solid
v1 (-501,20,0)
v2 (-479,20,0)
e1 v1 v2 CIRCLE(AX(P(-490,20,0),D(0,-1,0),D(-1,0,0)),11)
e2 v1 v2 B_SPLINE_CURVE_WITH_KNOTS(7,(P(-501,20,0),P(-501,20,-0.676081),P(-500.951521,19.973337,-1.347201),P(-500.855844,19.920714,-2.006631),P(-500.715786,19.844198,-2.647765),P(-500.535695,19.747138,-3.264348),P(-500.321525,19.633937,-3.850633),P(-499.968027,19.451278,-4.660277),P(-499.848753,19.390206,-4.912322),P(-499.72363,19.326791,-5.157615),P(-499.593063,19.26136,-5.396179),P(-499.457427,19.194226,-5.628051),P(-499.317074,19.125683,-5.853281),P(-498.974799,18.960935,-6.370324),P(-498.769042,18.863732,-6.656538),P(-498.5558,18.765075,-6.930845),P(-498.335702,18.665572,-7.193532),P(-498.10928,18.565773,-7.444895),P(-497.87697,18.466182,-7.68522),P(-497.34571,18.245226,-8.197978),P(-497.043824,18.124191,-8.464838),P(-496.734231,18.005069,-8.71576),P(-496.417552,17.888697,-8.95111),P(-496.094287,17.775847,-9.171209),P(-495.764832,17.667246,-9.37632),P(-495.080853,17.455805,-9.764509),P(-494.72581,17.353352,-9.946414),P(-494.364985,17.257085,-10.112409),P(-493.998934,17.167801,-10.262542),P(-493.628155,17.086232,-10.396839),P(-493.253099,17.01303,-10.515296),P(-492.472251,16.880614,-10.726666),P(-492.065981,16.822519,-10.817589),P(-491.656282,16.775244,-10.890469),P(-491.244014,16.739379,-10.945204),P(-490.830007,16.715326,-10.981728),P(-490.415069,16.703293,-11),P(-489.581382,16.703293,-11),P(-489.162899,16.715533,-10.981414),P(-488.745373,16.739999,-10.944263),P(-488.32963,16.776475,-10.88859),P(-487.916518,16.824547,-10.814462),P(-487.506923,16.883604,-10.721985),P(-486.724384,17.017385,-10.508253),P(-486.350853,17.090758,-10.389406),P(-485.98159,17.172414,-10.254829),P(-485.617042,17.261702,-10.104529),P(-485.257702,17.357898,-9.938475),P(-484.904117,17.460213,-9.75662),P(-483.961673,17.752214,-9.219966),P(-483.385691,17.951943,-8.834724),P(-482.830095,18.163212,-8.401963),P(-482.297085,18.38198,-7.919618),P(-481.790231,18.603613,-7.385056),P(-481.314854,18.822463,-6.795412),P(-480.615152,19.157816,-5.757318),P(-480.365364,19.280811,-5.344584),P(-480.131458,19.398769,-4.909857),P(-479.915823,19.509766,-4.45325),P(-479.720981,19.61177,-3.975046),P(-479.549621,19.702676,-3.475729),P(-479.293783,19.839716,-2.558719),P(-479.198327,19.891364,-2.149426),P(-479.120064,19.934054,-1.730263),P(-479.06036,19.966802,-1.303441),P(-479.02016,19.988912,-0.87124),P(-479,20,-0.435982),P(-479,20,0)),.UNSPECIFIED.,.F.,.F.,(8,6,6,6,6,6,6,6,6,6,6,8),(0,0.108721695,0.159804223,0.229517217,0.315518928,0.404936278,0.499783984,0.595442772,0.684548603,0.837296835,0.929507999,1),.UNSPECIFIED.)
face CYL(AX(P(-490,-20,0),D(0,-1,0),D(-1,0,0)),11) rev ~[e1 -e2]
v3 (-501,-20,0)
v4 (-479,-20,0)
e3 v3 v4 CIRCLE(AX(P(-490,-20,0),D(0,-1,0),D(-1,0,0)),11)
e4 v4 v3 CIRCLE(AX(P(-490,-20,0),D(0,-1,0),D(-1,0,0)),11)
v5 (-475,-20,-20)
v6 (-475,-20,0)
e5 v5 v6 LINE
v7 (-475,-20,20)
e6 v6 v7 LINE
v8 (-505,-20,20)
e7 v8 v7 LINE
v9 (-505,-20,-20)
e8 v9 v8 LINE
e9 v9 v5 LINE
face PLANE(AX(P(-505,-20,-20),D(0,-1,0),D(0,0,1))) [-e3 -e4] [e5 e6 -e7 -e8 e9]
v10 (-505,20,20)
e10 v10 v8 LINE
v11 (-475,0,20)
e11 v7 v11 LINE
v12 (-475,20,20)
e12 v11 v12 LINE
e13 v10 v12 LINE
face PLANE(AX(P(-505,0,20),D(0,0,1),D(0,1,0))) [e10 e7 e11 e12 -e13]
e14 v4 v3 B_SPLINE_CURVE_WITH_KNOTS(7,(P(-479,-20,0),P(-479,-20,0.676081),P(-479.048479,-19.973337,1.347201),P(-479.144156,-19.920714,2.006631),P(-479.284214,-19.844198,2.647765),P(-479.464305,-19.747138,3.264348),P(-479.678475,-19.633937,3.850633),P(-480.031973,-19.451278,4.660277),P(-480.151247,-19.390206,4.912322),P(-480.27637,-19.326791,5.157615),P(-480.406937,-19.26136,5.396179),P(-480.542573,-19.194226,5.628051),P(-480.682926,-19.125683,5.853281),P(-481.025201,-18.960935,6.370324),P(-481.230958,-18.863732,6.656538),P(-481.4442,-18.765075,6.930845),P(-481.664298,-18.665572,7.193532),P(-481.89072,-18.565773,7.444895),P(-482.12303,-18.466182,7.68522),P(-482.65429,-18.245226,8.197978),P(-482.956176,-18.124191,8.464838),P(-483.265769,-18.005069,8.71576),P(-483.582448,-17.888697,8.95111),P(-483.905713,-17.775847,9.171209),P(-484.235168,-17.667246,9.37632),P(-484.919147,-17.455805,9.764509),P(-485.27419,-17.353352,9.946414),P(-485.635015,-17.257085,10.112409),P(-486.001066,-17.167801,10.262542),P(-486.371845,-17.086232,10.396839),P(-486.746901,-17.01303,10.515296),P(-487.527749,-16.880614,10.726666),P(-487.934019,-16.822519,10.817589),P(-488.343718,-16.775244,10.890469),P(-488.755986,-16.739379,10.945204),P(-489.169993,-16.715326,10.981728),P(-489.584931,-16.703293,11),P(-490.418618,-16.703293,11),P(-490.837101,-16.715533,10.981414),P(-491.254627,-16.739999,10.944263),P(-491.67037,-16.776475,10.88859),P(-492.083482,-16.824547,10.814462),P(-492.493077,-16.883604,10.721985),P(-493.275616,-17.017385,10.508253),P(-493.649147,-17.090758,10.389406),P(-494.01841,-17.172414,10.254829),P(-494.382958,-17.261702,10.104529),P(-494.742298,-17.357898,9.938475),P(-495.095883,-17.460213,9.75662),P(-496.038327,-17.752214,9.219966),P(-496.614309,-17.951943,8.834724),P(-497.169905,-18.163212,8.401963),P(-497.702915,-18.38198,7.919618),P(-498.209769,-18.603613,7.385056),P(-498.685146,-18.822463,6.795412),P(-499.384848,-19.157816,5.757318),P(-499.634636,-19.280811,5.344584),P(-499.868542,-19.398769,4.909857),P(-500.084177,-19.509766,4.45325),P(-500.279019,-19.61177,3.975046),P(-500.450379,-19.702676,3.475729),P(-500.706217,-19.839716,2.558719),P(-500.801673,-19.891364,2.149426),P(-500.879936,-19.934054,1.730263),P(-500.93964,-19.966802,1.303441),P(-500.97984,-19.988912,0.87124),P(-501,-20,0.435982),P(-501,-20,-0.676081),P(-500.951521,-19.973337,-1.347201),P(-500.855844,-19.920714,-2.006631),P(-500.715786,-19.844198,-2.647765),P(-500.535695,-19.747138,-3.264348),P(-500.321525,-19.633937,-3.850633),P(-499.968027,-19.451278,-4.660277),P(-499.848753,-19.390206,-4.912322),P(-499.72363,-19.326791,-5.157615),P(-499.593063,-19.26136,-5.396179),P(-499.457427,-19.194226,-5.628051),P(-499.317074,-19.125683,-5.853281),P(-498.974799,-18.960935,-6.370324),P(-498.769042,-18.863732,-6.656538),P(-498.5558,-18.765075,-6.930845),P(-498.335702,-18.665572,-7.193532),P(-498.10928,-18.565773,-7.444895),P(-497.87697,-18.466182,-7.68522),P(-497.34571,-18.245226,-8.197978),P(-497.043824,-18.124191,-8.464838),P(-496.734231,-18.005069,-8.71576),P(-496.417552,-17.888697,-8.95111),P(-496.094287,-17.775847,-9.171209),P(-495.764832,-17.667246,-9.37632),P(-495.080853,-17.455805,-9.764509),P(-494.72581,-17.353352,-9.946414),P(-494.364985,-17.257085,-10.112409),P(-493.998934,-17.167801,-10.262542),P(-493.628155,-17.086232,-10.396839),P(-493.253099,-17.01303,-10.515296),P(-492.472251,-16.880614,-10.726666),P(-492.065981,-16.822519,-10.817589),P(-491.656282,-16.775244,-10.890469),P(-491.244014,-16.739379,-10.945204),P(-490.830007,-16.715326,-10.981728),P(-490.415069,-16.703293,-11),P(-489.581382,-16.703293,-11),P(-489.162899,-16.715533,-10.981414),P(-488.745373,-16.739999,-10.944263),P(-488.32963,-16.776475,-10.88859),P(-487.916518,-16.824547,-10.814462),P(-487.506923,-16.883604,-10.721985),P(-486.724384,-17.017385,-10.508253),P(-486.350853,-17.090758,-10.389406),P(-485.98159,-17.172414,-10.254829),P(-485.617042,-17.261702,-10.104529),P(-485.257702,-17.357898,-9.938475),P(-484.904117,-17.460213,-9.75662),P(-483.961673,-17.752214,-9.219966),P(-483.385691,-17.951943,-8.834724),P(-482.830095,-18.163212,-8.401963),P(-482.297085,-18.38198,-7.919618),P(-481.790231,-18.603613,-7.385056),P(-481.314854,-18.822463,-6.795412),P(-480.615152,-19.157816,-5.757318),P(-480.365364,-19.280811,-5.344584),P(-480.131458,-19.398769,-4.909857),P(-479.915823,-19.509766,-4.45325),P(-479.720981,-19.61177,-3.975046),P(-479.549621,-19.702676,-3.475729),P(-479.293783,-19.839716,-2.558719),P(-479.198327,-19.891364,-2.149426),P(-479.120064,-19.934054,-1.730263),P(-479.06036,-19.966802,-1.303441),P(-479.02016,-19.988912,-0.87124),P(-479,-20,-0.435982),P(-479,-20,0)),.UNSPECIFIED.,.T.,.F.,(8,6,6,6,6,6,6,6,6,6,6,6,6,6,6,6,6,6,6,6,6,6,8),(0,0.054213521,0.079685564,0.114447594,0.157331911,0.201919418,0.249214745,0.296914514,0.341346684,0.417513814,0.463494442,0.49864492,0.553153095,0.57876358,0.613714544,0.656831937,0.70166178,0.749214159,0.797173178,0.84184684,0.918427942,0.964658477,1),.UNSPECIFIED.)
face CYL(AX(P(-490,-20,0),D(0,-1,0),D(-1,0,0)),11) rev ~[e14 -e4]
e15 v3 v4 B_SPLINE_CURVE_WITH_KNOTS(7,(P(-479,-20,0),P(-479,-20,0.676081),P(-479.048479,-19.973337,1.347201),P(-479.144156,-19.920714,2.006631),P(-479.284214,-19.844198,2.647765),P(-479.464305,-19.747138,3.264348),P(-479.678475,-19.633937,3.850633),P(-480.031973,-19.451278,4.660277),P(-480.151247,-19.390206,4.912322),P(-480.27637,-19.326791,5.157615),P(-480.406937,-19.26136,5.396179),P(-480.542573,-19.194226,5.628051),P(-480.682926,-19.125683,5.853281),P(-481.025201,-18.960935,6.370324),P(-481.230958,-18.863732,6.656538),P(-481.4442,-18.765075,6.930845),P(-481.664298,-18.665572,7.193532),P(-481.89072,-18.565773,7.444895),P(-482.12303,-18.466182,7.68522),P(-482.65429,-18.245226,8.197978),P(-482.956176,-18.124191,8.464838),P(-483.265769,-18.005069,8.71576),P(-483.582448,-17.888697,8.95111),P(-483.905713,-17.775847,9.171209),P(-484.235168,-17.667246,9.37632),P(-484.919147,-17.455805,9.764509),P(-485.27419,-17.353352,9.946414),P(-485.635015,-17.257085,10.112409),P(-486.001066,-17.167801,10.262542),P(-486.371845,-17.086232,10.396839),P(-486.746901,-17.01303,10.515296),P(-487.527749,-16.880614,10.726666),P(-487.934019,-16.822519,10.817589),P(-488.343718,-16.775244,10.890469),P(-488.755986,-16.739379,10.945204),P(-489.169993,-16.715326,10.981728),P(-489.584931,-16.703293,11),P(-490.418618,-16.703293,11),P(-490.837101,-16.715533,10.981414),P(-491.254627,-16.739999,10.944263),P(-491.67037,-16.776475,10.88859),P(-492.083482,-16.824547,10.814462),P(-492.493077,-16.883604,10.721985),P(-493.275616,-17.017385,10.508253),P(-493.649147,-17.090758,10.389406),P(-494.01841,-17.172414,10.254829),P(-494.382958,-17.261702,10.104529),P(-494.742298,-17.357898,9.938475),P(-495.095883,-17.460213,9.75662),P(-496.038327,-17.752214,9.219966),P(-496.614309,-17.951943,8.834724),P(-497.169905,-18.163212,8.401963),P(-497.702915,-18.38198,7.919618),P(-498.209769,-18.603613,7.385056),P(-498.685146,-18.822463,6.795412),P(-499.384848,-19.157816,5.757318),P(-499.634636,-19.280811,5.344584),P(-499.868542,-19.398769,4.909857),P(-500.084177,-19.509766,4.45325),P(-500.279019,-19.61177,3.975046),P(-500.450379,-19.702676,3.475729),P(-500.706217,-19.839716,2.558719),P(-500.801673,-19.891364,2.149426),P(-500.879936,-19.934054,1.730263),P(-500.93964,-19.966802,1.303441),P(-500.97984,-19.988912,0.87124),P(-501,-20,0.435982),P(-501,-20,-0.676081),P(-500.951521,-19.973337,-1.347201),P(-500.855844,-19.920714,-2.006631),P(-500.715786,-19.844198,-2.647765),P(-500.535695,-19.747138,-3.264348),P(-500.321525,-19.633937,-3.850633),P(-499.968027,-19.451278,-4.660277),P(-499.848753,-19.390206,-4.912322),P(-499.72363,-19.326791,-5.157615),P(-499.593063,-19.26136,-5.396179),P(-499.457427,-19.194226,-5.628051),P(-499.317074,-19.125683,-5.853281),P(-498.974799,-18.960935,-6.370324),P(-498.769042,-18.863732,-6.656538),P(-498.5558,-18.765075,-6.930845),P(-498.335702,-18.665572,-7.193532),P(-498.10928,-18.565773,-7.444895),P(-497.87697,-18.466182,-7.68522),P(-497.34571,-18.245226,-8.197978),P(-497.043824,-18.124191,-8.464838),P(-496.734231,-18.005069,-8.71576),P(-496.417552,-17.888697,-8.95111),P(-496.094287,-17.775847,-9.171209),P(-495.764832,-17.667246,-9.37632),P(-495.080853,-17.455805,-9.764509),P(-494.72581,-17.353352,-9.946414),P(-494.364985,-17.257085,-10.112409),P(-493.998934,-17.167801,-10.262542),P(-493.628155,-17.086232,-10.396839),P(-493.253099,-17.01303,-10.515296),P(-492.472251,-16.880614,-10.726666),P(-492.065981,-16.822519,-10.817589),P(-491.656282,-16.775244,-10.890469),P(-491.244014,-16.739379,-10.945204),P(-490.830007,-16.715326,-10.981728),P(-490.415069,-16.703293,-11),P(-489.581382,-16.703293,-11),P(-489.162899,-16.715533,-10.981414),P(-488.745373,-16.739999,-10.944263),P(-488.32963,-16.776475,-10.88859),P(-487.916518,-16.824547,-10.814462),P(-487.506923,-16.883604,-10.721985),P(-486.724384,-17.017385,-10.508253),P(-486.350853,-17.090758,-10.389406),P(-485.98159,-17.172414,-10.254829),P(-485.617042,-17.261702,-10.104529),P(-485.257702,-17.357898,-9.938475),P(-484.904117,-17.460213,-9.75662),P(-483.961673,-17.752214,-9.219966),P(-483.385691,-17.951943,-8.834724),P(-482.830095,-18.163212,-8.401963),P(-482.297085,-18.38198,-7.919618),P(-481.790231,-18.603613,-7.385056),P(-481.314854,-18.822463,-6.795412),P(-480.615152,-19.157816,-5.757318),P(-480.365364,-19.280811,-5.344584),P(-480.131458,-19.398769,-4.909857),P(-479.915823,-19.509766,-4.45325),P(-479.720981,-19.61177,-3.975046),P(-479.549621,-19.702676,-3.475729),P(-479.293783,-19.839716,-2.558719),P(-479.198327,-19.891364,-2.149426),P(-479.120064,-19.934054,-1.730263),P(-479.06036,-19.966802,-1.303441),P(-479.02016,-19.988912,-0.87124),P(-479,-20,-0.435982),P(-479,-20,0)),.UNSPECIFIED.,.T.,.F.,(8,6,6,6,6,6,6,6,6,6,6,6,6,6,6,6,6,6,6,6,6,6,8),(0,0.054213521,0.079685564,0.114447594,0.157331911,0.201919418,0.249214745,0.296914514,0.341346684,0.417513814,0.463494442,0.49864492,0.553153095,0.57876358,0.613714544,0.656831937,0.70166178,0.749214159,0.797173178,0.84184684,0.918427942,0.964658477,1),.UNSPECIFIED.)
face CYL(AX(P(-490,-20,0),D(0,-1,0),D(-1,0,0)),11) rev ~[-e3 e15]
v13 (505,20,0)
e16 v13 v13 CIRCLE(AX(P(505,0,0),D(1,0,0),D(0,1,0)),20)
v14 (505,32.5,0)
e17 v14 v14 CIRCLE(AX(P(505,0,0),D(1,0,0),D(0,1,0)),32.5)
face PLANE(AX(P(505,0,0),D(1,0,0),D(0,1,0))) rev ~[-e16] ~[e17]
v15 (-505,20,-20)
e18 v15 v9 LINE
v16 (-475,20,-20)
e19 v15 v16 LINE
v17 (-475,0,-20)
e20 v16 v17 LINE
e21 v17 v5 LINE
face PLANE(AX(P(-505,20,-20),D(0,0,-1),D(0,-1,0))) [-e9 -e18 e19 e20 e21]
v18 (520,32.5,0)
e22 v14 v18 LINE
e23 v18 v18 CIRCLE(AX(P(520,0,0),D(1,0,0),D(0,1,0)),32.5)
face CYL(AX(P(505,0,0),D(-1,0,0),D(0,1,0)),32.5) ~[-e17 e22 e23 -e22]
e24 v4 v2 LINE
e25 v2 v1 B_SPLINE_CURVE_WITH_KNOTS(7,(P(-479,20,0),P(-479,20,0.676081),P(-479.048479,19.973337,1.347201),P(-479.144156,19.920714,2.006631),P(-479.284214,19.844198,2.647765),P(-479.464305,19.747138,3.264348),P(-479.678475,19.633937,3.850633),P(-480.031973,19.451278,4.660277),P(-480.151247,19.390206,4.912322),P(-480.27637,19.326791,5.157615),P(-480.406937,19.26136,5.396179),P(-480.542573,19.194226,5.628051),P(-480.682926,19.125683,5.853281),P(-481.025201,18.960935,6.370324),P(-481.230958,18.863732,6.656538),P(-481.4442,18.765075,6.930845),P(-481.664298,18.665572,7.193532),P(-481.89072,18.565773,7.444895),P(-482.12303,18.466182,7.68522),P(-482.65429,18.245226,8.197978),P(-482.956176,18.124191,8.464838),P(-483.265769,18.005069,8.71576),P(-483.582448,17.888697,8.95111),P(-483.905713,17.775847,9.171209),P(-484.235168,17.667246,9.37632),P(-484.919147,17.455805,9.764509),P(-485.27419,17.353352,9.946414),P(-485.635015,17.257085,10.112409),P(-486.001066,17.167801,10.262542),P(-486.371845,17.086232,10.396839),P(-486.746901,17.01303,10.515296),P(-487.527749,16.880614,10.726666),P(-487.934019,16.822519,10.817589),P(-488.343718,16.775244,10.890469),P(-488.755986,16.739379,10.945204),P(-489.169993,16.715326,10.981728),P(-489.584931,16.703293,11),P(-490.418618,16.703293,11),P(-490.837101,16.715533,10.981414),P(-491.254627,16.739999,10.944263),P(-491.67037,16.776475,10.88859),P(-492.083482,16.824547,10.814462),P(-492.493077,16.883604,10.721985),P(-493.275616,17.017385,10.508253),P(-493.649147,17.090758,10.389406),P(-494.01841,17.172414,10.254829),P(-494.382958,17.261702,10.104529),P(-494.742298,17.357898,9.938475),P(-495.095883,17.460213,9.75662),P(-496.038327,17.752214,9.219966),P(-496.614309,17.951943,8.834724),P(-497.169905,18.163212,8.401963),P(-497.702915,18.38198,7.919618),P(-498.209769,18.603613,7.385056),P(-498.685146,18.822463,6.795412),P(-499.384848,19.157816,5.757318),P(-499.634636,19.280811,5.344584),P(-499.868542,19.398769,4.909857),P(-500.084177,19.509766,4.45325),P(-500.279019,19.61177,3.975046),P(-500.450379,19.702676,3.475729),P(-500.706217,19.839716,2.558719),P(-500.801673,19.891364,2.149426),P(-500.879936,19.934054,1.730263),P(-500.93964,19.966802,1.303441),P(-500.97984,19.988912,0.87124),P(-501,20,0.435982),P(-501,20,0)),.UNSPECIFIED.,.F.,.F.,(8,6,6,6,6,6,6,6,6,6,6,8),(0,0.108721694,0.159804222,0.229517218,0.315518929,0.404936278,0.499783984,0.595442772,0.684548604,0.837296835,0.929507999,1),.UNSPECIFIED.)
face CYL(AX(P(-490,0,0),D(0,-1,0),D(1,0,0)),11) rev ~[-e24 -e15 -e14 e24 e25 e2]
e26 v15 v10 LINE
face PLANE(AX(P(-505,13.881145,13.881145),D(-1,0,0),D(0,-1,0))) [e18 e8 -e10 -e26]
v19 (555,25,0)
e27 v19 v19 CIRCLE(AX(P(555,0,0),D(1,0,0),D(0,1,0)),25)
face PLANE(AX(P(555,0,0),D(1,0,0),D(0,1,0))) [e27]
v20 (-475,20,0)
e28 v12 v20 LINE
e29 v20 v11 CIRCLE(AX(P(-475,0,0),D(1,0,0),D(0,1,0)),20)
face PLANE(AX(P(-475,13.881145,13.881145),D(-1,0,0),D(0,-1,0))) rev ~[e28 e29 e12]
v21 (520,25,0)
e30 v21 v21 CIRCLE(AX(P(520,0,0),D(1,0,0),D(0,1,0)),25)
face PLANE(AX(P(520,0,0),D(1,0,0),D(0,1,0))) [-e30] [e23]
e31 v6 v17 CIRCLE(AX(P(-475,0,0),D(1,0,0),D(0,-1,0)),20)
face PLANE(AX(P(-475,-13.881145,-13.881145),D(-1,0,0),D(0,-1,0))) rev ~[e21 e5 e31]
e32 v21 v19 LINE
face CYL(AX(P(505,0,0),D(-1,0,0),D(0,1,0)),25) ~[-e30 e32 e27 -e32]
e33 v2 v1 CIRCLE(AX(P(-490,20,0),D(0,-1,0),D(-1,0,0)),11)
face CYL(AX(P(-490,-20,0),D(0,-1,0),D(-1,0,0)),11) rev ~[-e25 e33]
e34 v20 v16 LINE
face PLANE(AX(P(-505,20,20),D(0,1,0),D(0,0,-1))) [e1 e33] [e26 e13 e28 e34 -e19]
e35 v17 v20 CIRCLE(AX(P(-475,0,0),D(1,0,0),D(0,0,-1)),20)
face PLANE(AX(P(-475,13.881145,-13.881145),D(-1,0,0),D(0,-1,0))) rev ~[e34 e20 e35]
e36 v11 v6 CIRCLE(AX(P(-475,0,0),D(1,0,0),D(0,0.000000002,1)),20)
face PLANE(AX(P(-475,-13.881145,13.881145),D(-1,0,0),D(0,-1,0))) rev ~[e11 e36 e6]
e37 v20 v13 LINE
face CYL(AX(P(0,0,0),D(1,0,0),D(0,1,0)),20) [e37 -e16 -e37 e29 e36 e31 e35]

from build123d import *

# Parameters (mm, degrees)
F0_R          = 20
F1_DEPTH      = 505
F2_R          = 25
F2_R_2        = 20
F1_FACE_R     = 20
F3_DEPTH      = 50
F2_R_3        = 32.5
F4_DEPTH      = 15
F5_R          = 11
F6_DEPTH      = 32.501
F6_DEPTH_BACK = 25
F8_DEPTH      = 30
F10_DEPTH     = 52.501


with BuildPart() as f1:
    # F0 (on Right) → F1 (new body, symmetric)
    with BuildSketch(Plane.YZ):
        Circle(F0_R)
    extrude(amount=F1_DEPTH, both=True)

    # F2 (on face) + F1_face (on face) → F3 (join)
    with BuildSketch(Plane.YZ.offset(505)):
        Circle(F2_R)
        Circle(F2_R_2, mode=Mode.SUBTRACT)
    with BuildSketch(Plane.YZ.offset(505)):
        Circle(F1_FACE_R)
    extrude(amount=F3_DEPTH)

    # F2 (on face) → F4 (join)
    with BuildSketch(Plane.YZ.offset(505)):
        Circle(F2_R_3)
        Circle(F2_R, mode=Mode.SUBTRACT)
    extrude(amount=F4_DEPTH)

    # F5 (on Front) → F6 (cut, two sides)
    with BuildSketch(Plane.XZ) as f6_sk:
        with Locations((-490, 0)):
            Circle(F5_R)
    extrude(amount=-F6_DEPTH, mode=Mode.SUBTRACT)
    extrude(f6_sk.sketch, amount=F6_DEPTH_BACK, mode=Mode.SUBTRACT)

    # F7 (on face) → F8 (join)
    with BuildSketch(Plane(origin=(-505, 0, 0), x_dir=(0, -1, 0), z_dir=(-1, 0, 0))):
        with BuildLine():
            ThreePointArc((-20, 0), (-14.1421356364, 14.142135611), (-3.59e-08, 20))
            Line((-3.59e-08, 20), (-20, 20))
            Line((-20, 20), (-20, 0))
        make_face()
        with BuildLine():
            ThreePointArc((0, -20), (-14.1421356237, -14.1421356237), (-20, 0))
            Line((-20, 0), (-20, -20))
            Line((-20, -20), (0, -20))
        make_face()
        with BuildLine():
            Line((20, -20), (20, 0))
            ThreePointArc((20, 0), (14.1421356237, -14.1421356237), (0, -20))
            Line((0, -20), (20, -20))
        make_face()
        with BuildLine():
            Line((20, 0), (20, 20))
            Line((20, 20), (-3.59e-08, 20))
            ThreePointArc((-3.59e-08, 20), (14.142135611, 14.1421356364), (20, 0))
        make_face()
    extrude(amount=-F8_DEPTH)

    # F9 (on face) → F10 (cut, through all)
    with BuildSketch(Plane.XZ.offset(20)):
        with BuildLine():
            Line((-501, 0), (-479, 0))
            ThreePointArc((-479, 0), (-490, 11), (-501, 0))
        make_face()
        with BuildLine():
            ThreePointArc((-501, 0), (-490, -11), (-479, 0))
            Line((-479, 0), (-501, 0))
        make_face()
    extrude(amount=-F10_DEPTH, mode=Mode.SUBTRACT)


solid = f1.part
